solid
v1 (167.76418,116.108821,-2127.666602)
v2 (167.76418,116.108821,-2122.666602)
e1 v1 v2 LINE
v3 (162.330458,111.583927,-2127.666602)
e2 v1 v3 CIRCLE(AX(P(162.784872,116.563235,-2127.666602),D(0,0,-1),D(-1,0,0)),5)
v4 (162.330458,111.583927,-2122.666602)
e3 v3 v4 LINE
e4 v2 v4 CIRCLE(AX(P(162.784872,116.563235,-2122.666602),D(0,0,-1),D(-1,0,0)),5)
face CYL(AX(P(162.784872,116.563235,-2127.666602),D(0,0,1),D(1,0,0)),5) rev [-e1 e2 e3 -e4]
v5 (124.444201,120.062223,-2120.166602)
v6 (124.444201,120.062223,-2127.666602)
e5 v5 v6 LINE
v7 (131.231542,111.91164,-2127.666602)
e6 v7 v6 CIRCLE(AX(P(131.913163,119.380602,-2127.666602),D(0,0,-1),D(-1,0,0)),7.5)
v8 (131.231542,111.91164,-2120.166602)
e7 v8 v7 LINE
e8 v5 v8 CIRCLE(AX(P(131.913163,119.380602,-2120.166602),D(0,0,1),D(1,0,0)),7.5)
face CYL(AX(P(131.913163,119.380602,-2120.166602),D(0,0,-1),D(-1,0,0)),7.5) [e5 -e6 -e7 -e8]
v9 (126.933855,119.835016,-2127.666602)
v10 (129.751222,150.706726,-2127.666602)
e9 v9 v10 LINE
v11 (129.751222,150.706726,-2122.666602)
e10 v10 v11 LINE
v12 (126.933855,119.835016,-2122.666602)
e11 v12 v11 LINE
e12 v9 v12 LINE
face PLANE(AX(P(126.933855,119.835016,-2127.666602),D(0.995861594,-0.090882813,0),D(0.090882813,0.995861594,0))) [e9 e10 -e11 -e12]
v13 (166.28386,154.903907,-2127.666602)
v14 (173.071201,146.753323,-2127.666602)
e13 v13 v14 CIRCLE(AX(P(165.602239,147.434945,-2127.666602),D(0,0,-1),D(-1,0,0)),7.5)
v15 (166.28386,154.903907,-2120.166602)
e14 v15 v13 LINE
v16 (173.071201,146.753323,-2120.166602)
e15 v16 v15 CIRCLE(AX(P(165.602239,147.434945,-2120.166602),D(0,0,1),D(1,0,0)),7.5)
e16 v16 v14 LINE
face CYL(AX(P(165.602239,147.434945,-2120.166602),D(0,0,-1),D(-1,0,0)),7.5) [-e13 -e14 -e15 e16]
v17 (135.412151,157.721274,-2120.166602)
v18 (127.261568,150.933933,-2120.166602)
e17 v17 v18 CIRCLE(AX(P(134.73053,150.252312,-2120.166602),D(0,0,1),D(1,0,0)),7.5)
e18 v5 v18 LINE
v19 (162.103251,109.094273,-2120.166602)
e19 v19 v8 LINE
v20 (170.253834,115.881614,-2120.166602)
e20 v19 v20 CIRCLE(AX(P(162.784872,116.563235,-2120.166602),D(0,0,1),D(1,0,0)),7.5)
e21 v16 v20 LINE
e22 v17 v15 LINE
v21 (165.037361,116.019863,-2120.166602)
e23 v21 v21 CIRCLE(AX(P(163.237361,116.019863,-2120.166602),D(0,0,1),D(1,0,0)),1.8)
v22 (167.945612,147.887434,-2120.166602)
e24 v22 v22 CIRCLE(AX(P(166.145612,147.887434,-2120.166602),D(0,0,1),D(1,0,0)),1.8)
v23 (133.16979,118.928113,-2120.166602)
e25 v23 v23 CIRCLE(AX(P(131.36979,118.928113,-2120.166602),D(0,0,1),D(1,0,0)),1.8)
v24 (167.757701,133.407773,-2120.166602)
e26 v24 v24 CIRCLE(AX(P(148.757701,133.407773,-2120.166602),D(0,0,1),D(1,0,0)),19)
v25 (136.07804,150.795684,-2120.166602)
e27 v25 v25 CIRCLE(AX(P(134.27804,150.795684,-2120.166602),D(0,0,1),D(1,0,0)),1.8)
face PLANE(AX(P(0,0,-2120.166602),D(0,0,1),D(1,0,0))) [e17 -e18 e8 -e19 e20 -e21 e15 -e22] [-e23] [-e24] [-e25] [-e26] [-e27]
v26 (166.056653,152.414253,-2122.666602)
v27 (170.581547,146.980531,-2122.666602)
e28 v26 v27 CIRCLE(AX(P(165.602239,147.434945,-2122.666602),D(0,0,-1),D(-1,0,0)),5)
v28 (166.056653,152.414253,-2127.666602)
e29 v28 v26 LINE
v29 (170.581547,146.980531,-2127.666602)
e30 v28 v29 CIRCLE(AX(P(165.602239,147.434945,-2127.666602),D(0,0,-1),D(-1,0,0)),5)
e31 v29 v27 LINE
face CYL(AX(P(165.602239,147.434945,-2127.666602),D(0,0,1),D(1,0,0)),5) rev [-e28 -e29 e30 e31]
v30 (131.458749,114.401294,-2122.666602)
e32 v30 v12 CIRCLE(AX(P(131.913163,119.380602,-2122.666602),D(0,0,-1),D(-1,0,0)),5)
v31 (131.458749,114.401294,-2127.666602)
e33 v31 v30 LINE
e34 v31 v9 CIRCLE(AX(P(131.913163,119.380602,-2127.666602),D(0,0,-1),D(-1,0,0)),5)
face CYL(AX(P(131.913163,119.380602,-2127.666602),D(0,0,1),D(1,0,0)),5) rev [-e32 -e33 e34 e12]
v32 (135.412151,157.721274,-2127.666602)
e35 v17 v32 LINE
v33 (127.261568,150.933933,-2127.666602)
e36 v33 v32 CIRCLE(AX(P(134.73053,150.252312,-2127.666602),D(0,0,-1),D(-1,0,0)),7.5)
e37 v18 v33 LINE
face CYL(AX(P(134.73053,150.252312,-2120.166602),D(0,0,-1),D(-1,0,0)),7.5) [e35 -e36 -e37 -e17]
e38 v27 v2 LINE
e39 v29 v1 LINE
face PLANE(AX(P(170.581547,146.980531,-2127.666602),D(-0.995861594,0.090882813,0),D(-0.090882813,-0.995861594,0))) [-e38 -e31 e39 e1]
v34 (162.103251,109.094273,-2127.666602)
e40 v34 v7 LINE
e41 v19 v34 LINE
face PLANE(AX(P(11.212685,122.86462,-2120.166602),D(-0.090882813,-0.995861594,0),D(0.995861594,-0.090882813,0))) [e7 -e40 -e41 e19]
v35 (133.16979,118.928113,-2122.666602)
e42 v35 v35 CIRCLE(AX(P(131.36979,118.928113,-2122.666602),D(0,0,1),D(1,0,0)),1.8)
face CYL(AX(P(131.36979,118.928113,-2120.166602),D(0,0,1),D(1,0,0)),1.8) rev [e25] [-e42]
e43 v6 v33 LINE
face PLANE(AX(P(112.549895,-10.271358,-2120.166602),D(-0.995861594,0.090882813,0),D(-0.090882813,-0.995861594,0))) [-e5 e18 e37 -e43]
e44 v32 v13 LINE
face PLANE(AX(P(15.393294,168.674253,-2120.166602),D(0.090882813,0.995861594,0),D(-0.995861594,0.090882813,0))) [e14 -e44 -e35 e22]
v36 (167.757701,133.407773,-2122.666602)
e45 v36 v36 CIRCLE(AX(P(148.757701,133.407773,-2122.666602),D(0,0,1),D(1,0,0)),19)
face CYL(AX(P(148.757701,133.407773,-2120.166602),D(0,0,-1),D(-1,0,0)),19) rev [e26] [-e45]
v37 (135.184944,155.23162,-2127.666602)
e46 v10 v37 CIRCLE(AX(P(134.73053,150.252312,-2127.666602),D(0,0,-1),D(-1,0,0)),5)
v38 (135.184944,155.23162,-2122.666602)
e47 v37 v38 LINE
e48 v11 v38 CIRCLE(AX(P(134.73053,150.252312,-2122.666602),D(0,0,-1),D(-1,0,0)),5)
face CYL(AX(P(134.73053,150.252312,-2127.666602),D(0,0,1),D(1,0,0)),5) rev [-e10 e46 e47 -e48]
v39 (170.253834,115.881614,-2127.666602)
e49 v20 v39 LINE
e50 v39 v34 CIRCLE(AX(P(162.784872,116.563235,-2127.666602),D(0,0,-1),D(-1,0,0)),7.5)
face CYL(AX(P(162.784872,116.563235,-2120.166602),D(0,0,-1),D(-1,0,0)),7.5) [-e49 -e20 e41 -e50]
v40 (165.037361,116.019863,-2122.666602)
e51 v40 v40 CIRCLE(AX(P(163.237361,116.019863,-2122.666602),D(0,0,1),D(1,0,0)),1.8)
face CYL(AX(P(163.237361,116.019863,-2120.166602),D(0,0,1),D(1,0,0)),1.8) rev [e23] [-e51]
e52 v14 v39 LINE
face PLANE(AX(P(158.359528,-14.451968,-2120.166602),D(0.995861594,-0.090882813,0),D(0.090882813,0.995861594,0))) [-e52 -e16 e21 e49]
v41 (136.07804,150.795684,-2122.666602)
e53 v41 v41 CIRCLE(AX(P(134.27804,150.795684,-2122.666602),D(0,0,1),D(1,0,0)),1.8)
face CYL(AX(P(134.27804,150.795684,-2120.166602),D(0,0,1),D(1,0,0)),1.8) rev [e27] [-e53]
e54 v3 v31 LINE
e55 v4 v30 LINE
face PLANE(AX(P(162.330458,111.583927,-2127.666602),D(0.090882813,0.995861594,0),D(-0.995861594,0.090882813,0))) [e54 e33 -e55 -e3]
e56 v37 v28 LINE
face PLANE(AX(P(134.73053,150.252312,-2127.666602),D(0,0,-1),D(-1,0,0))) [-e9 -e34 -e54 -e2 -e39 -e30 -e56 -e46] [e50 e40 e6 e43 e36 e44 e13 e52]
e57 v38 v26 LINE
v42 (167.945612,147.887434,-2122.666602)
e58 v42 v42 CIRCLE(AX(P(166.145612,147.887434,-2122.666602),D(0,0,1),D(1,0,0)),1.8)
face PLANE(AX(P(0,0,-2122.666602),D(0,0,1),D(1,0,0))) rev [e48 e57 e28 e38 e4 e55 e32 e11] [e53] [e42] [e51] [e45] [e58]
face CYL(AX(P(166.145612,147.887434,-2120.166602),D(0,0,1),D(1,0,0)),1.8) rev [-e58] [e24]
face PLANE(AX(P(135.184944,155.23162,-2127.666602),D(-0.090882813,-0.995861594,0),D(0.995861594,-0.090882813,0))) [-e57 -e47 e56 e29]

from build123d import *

# Parameters (mm, degrees)
BOSS_EXTRUDE2_DEPTH  = 2.5
BOSS_EXTRUDE3_START  = 5
BOSS_EXTRUDE3_DEPTH  = 5
M3_CLEARANCE_HOLE1_D = 3.6


with BuildPart() as part:
    # Sketch2 → Boss-Extrude2 (new body)
    # profile 1 of 3: a face of its own
    with BuildSketch(Plane.XY.offset(-2122.666602395)):
        with BuildLine():
            Line((135.41215099, 157.721273751), (166.283860401, 154.903906532))
            ThreePointArc((166.283860401, 154.903906532), (171.365571849, 152.234319322), (173.071201254, 146.753323477))
            Line((173.071201254, 146.753323477), (171.22628014, 126.537333121))
            Line((171.22628014, 126.537333121), (170.944543418, 123.45016218))
            Line((170.944543418, 123.45016218), (170.917278574, 123.151403701))
            Line((170.917278574, 123.151403701), (170.735512947, 121.159680514))
            Line((170.735512947, 121.159680514), (170.708248103, 120.860922035))
            Line((170.708248103, 120.860922035), (170.548948667, 119.115375386))
            Line((170.548948667, 119.115375386), (170.253834036, 115.881614066))
            ThreePointArc((170.253834036, 115.881614066), (167.584246825, 110.799902618), (162.10325098, 109.094273213))
            Line((162.10325098, 109.094273213), (131.231541569, 111.911640431))
            ThreePointArc((131.231541569, 111.911640431), (126.149830121, 114.581227642), (124.444200716, 120.062223487))
            Line((124.444200716, 120.062223487), (127.261567935, 150.933932898))
            ThreePointArc((127.261567935, 150.933932898), (129.931155146, 156.015644346), (135.41215099, 157.721273751))
        make_face()
        with BuildLine():
            ThreePointArc((170.581547269, 146.980530511), (169.444460999, 150.63452774), (166.056653367, 152.414252548))
            Line((166.056653367, 152.414252548), (135.184943956, 155.231619766))
            ThreePointArc((135.184943956, 155.231619766), (131.530946727, 154.094533496), (129.751221919, 150.706725864))
            Line((129.751221919, 150.706725864), (126.933854701, 119.835016453))
            ThreePointArc((126.933854701, 119.835016453), (128.070940971, 116.181019223), (131.458748603, 114.401294416))
            Line((131.458748603, 114.401294416), (162.330458014, 111.583927198))
            ThreePointArc((162.330458014, 111.583927198), (165.984455244, 112.721013468), (167.764180051, 116.1088211))
            Line((167.764180051, 116.1088211), (168.059294682, 119.34258242))
            Line((168.059294682, 119.34258242), (168.218594119, 121.088129069))
            Line((168.218594119, 121.088129069), (168.245858963, 121.386887547))
            Line((168.245858963, 121.386887547), (168.42762459, 123.378610735))
            Line((168.42762459, 123.378610735), (168.454889434, 123.677369213))
            Line((168.454889434, 123.677369213), (168.736626156, 126.764540154))
            Line((168.736626156, 126.764540154), (170.581547269, 146.980530511))
        make_face(mode=Mode.SUBTRACT)
    # profile 2 of 3: a face of its own
    with BuildSketch(Plane.XY.offset(-2122.666602395)):
        with BuildLine():
            Line((170.581547269, 146.980530511), (168.736626156, 126.764540154))
            Line((168.736626156, 126.764540154), (168.454889434, 123.677369213))
            Line((168.454889434, 123.677369213), (168.42762459, 123.378610735))
            Line((168.42762459, 123.378610735), (168.245858963, 121.386887547))
            Line((168.245858963, 121.386887547), (168.218594119, 121.088129069))
            Line((168.218594119, 121.088129069), (168.059294682, 119.34258242))
            Line((168.059294682, 119.34258242), (167.764180051, 116.1088211))
            ThreePointArc((167.764180051, 116.1088211), (165.984455244, 112.721013468), (162.330458014, 111.583927198))
            Line((162.330458014, 111.583927198), (131.458748603, 114.401294416))
            ThreePointArc((131.458748603, 114.401294416), (128.070940971, 116.181019223), (126.933854701, 119.835016453))
            Line((126.933854701, 119.835016453), (129.751221919, 150.706725864))
            ThreePointArc((129.751221919, 150.706725864), (131.530946727, 154.094533496), (135.184943956, 155.231619766))
            Line((135.184943956, 155.231619766), (166.056653367, 152.414252548))
            ThreePointArc((166.056653367, 152.414252548), (169.444460999, 150.63452774), (170.581547269, 146.980530511))
        make_face()
        with BuildLine():
            ThreePointArc((170.332581871, 147.003251214), (169.252349914, 150.474548582), (166.033932664, 152.165287149))
            Line((166.033932664, 152.165287149), (135.162223253, 154.982654367))
            ThreePointArc((135.162223253, 154.982654367), (131.690925885, 153.902422411), (130.000187318, 150.684005161))
            Line((130.000187318, 150.684005161), (127.1828201, 119.81229575))
            ThreePointArc((127.1828201, 119.81229575), (128.263052056, 116.340998381), (131.481469307, 114.650259814))
            Line((131.481469307, 114.650259814), (162.353178718, 111.832892596))
            ThreePointArc((162.353178718, 111.832892596), (165.824476086, 112.913124553), (167.515214653, 116.131541803))
            Line((167.515214653, 116.131541803), (167.810329284, 119.365303123))
            Line((167.810329284, 119.365303123), (167.96962872, 121.110849773))
            Line((167.96962872, 121.110849773), (167.996893564, 121.409608251))
            Line((167.996893564, 121.409608251), (168.178659191, 123.401331438))
            Line((168.178659191, 123.401331438), (168.205924035, 123.700089917))
            Line((168.205924035, 123.700089917), (168.487660757, 126.787260858))
            Line((168.487660757, 126.787260858), (170.332581871, 147.003251214))
        make_face(mode=Mode.SUBTRACT)
    # profile 3 of 3: a face of its own
    with BuildSketch(Plane.XY.offset(-2122.666602395)):
        with BuildLine():
            Line((130.000187318, 150.684005161), (127.1828201, 119.81229575))
            ThreePointArc((127.1828201, 119.81229575), (128.263052056, 116.340998381), (131.481469307, 114.650259814))
            Line((131.481469307, 114.650259814), (162.353178718, 111.832892596))
            ThreePointArc((162.353178718, 111.832892596), (165.824476086, 112.913124553), (167.515214653, 116.131541803))
            Line((167.515214653, 116.131541803), (167.810329284, 119.365303123))
            Line((167.810329284, 119.365303123), (167.96962872, 121.110849773))
            Line((167.96962872, 121.110849773), (167.996893564, 121.409608251))
            Line((167.996893564, 121.409608251), (168.178659191, 123.401331438))
            Line((168.178659191, 123.401331438), (168.205924035, 123.700089917))
            Line((168.205924035, 123.700089917), (168.487660757, 126.787260858))
            Line((168.487660757, 126.787260858), (170.332581871, 147.003251214))
            ThreePointArc((170.332581871, 147.003251214), (169.252349914, 150.474548582), (166.033932664, 152.165287149))
            Line((166.033932664, 152.165287149), (135.162223253, 154.982654367))
            ThreePointArc((135.162223253, 154.982654367), (131.690925885, 153.902422411), (130.000187318, 150.684005161))
        make_face()
        with BuildLine():
            ThreePointArc((129.758780791, 133.610335718), (129.767141126, 134.006635943), (129.783767025, 134.402675515))
            ThreePointArc((129.783767025, 134.402675515), (130.33124015, 138.04086544), (131.56963679, 141.505331708))
            ThreePointArc((131.56963679, 141.505331708), (133.915565147, 145.269940389), (137.070437532, 148.388022911))
            ThreePointArc((137.070437532, 148.388022911), (157.092627331, 150.481993898), (167.757700985, 133.407773482))
            ThreePointArc((167.757700985, 133.407773482), (153.064517377, 114.902332861), (131.710192294, 125.018348745))
            ThreePointArc((131.710192294, 125.018348745), (130.229565113, 129.199664511), (129.758780791, 133.610335718))
        make_face(mode=Mode.SUBTRACT)
    extrude(amount=BOSS_EXTRUDE2_DEPTH)

    # Sketch4 → Boss-Extrude3 (add)
    with BuildSketch(Plane(origin=(0, 0, -2122.666602395), x_dir=(-1, 0, 0), z_dir=(0, 0, -1)).offset(BOSS_EXTRUDE3_START)):
        with BuildLine():
            Line((-135.41215099, 157.721273751), (-166.283860401, 154.903906532))
            ThreePointArc((-166.283860401, 154.903906532), (-171.365571849, 152.234319322), (-173.071201254, 146.753323477))
            Line((-173.071201254, 146.753323477), (-170.253834036, 115.881614066))
            ThreePointArc((-170.253834036, 115.881614066), (-167.584246825, 110.799902618), (-162.10325098, 109.094273213))
            Line((-162.10325098, 109.094273213), (-131.231541569, 111.911640431))
            ThreePointArc((-131.231541569, 111.911640431), (-126.149830121, 114.581227642), (-124.444200716, 120.062223487))
            Line((-124.444200716, 120.062223487), (-127.261567935, 150.933932898))
            ThreePointArc((-127.261567935, 150.933932898), (-129.931155146, 156.015644346), (-135.41215099, 157.721273751))
        make_face()
        with BuildLine():
            Line((-135.184943956, 155.231619766), (-166.056653367, 152.414252548))
            ThreePointArc((-166.056653367, 152.414252548), (-169.444460999, 150.63452774), (-170.581547269, 146.980530511))
            Line((-170.581547269, 146.980530511), (-167.764180051, 116.1088211))
            ThreePointArc((-167.764180051, 116.1088211), (-165.984455244, 112.721013468), (-162.330458014, 111.583927198))
            Line((-162.330458014, 111.583927198), (-131.458748603, 114.401294416))
            ThreePointArc((-131.458748603, 114.401294416), (-128.070940971, 116.181019223), (-126.933854701, 119.835016453))
            Line((-126.933854701, 119.835016453), (-129.751221919, 150.706725864))
            ThreePointArc((-129.751221919, 150.706725864), (-131.530946727, 154.094533496), (-135.184943956, 155.231619766))
        make_face(mode=Mode.SUBTRACT)
    extrude(amount=-BOSS_EXTRUDE3_DEPTH)

    # M3 Clearance Hole1 (through all)
    with Locations(Plane.XY.offset(-2120.166602395)):
        with Locations((134.278040499, 150.795684), (131.369790467, 118.928112995), (163.237361472, 116.019862963), (166.145611504, 147.887433968)):
            Hole(M3_CLEARANCE_HOLE1_D / 2)


solid = part.part
